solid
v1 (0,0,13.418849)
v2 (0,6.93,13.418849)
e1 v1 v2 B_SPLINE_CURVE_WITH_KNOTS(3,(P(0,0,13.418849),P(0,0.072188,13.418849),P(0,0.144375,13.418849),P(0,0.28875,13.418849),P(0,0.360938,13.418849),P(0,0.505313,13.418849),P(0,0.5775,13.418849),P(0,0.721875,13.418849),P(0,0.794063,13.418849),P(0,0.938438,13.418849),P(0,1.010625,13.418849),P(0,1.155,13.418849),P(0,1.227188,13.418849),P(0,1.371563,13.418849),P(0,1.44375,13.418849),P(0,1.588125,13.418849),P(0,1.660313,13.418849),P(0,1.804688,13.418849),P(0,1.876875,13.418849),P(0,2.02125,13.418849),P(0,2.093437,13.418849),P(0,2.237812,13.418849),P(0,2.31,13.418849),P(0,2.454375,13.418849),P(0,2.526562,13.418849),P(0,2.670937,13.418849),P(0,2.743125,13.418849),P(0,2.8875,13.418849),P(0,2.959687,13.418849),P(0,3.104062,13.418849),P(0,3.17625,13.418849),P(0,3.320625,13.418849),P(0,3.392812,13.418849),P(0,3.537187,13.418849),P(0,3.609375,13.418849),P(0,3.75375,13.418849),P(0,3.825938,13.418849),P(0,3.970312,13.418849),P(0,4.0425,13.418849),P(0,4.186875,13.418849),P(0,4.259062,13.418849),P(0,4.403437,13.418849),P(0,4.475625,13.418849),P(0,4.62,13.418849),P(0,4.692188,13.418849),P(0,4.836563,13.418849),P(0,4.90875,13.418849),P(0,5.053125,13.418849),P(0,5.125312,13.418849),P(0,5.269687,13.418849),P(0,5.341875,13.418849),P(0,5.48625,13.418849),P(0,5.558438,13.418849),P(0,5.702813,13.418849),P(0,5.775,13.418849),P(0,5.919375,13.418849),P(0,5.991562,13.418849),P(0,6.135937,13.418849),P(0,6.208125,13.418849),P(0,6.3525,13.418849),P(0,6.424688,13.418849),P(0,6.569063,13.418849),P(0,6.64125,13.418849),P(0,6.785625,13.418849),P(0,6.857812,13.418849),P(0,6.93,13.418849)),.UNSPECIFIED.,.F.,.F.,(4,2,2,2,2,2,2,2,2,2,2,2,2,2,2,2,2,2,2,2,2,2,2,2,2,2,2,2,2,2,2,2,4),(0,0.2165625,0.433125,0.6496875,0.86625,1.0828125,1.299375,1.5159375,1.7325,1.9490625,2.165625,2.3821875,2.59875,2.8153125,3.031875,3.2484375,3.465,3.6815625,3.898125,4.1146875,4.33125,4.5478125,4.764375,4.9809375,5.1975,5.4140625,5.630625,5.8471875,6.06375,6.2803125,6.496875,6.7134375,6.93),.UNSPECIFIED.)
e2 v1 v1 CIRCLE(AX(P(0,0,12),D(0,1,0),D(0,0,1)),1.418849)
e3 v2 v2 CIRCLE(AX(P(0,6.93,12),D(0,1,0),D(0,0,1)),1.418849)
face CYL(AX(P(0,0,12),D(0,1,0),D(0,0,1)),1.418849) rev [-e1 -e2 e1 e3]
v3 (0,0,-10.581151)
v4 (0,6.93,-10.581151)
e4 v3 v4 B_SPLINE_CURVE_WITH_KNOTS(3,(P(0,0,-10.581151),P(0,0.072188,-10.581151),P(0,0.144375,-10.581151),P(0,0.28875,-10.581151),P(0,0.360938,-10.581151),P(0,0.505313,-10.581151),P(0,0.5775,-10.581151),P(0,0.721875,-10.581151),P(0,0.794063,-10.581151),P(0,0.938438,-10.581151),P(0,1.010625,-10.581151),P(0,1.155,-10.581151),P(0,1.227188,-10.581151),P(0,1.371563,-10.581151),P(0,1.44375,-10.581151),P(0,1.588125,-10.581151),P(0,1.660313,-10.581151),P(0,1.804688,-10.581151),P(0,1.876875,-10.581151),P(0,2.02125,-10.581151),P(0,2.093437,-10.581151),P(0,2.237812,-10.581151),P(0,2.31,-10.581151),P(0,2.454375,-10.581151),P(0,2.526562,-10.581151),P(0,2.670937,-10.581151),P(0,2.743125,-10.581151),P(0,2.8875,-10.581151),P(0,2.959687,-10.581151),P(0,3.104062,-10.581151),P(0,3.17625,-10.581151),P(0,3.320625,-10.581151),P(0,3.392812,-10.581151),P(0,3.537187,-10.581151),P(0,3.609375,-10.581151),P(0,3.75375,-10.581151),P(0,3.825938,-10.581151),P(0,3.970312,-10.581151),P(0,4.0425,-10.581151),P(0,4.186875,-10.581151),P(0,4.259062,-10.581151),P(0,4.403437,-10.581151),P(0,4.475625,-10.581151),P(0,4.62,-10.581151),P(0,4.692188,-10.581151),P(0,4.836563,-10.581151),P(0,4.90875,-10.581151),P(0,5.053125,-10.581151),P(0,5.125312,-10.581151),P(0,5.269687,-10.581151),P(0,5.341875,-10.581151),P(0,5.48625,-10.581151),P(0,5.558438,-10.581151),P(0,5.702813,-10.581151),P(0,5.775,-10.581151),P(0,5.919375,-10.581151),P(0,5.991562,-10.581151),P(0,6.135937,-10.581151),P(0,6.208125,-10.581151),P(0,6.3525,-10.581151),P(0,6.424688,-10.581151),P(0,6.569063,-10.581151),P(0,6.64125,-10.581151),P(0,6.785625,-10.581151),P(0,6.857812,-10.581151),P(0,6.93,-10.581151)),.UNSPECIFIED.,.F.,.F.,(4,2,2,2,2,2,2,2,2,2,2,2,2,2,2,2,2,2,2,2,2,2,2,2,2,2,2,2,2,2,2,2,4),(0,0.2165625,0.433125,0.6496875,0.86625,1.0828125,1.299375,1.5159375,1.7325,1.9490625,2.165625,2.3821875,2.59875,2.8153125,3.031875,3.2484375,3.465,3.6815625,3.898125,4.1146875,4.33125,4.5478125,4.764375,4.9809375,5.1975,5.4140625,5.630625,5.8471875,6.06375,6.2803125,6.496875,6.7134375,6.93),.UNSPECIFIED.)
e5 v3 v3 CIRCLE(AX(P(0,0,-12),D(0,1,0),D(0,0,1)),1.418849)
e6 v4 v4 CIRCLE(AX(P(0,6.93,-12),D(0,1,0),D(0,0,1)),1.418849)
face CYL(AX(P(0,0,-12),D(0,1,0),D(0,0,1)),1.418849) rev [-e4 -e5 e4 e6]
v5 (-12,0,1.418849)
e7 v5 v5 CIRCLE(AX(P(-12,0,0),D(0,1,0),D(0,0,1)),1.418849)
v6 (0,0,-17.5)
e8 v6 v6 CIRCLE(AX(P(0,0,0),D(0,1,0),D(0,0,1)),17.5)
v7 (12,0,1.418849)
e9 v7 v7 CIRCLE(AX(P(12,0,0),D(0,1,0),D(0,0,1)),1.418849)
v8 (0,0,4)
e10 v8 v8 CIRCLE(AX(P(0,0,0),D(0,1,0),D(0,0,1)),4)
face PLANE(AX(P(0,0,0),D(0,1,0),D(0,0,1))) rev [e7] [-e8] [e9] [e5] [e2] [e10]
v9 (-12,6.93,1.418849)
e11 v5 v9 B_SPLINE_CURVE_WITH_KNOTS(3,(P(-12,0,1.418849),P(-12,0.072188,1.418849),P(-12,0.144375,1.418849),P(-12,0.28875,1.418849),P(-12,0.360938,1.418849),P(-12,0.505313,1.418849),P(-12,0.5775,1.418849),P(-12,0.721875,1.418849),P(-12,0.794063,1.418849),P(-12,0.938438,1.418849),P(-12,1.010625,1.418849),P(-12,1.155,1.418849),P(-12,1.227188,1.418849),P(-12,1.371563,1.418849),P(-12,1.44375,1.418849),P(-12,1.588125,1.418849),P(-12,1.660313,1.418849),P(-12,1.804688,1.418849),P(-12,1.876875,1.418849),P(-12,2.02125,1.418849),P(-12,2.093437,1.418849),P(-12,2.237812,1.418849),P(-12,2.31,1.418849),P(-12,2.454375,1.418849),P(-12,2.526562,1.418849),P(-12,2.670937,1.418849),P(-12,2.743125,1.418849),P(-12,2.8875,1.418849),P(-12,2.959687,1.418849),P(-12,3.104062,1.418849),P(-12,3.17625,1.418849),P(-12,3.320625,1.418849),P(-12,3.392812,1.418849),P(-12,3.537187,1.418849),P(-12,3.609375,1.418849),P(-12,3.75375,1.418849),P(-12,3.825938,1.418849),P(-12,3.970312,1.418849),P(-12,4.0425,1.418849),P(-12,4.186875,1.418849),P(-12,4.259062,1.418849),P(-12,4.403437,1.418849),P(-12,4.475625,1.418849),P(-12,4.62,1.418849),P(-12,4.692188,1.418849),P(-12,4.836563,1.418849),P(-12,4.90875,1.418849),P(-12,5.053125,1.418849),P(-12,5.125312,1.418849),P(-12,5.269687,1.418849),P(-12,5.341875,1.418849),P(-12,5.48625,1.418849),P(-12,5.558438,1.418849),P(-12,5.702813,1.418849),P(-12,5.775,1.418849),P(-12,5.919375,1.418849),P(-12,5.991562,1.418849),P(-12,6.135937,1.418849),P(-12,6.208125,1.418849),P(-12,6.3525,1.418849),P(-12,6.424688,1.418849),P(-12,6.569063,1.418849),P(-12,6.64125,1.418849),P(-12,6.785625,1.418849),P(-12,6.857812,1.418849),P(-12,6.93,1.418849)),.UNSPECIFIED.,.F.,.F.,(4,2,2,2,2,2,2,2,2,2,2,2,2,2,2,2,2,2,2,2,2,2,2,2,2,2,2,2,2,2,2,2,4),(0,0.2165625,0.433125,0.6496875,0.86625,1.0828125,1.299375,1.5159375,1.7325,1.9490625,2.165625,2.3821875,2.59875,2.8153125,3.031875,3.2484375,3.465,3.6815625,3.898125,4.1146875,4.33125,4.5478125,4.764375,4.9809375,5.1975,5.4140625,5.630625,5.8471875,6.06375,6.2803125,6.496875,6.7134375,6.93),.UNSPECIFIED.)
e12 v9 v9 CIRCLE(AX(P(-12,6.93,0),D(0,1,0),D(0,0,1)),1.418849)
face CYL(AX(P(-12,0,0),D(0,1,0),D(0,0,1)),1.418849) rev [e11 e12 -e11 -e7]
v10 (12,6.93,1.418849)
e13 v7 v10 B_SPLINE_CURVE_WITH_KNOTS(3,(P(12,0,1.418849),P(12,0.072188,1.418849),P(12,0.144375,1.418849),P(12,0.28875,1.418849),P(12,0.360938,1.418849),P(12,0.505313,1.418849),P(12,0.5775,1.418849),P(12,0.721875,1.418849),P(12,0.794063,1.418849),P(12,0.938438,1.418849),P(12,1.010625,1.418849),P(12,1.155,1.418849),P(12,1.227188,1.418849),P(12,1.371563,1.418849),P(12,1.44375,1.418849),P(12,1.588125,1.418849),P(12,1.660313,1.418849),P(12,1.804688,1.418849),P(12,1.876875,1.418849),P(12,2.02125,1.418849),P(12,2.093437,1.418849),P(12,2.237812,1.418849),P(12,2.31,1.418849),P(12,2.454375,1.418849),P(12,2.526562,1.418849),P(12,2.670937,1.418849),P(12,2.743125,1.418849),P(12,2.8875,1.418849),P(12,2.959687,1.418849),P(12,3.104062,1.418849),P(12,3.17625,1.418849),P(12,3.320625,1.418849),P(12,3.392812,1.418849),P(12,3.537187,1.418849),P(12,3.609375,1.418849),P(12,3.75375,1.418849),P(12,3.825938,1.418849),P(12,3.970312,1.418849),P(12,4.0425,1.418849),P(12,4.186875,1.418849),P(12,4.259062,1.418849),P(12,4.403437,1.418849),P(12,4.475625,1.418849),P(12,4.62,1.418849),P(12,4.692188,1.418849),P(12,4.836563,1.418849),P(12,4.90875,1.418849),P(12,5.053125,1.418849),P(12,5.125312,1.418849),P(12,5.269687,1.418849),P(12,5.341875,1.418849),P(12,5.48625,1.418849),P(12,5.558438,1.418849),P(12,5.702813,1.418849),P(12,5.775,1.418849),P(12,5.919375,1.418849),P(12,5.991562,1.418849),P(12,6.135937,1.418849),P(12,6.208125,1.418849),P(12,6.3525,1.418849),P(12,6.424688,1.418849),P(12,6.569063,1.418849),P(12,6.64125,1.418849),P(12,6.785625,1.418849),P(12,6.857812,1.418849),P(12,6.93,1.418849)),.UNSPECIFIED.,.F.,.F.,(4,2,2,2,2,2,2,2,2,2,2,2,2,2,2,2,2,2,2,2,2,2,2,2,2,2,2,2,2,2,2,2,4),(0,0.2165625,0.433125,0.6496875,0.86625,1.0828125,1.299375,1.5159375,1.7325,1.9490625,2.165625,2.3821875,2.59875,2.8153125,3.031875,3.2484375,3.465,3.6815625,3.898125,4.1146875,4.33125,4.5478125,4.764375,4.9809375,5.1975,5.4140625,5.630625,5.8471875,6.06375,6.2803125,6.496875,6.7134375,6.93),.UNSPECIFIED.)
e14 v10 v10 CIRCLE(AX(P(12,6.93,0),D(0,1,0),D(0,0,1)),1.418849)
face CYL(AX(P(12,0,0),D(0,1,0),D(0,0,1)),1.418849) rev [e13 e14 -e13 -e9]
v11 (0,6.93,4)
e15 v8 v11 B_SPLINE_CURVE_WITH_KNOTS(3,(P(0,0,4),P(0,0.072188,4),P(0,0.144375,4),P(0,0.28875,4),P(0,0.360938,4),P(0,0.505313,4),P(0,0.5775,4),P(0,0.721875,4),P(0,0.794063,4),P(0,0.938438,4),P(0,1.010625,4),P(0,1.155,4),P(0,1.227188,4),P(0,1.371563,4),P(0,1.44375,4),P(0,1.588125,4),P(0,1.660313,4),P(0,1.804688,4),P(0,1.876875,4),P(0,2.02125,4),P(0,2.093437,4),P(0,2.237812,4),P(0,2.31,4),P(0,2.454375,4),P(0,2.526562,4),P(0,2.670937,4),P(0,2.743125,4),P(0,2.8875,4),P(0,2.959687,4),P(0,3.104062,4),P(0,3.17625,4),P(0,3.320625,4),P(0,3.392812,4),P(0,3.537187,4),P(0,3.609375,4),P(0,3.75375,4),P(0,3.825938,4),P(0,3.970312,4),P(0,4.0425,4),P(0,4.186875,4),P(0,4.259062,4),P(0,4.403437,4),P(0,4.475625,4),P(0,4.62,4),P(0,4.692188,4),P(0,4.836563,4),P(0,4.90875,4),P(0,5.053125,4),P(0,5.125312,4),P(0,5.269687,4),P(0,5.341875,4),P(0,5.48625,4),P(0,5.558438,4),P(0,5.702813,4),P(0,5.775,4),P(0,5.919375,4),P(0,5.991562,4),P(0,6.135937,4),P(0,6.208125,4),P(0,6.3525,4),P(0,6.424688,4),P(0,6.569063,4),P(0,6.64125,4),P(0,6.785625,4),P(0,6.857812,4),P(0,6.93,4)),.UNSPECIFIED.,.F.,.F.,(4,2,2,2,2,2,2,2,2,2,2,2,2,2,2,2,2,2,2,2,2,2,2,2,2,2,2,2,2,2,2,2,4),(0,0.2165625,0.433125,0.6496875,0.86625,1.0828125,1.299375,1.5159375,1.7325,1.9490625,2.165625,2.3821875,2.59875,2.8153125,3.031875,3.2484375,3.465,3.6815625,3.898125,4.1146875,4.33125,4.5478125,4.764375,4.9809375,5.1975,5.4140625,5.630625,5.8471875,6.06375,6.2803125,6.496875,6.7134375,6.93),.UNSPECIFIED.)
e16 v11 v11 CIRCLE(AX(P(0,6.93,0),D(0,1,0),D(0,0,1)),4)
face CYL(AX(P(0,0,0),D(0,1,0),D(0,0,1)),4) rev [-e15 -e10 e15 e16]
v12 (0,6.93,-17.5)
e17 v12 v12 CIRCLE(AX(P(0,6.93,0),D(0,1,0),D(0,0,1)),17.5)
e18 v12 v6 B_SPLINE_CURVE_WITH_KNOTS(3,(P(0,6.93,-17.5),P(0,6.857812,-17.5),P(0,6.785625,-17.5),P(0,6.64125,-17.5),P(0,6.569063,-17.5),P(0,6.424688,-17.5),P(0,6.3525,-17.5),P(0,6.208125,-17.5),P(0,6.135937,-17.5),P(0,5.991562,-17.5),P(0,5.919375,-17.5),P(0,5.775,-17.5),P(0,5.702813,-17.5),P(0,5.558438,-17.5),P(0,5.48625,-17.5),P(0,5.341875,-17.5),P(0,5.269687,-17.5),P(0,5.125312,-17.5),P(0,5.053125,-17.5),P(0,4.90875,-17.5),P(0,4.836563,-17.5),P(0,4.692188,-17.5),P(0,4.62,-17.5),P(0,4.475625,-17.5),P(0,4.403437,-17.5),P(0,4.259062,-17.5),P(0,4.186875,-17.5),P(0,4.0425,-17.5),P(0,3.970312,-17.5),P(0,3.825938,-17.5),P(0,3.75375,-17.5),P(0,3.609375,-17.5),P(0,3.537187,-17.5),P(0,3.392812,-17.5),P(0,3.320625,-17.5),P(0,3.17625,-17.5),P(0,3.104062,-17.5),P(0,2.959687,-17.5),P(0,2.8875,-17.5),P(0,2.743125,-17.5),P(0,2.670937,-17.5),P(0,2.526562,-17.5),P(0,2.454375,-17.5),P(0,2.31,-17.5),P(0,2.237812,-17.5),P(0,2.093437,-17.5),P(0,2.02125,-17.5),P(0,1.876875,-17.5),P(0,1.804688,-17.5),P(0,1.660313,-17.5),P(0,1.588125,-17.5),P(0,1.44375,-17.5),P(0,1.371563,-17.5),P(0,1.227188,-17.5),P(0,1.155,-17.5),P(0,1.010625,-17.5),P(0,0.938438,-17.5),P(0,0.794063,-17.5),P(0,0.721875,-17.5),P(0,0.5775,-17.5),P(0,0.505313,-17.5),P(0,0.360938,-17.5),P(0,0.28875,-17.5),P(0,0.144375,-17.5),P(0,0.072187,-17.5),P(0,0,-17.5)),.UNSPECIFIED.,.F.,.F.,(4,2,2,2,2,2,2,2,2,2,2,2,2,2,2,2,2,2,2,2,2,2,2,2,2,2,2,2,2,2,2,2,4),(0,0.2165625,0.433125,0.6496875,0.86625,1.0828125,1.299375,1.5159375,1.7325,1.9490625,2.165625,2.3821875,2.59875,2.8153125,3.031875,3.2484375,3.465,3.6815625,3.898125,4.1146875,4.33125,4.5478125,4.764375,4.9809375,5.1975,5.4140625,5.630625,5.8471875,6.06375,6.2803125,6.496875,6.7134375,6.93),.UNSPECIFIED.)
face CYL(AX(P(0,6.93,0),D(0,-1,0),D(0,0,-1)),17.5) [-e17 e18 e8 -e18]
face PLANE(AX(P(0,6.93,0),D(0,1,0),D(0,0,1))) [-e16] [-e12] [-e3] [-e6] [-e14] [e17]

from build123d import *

# Parameters (mm, degrees)
SKETCH1_R           = 17.5
BOSS_EXTRUDE1_DEPTH = 6.93
SKETCH2_R           = 1.418848664
CUT_EXTRUDE1_DEPTH  = 26.700678979
SKETCH3_R           = 4
CUT_EXTRUDE2_DEPTH  = 6.93


with BuildPart() as part:
    # Sketch1 → Boss-Extrude1 (new body)
    with BuildSketch(Plane(origin=(0, 0, 0), x_dir=(1, 0, 0), z_dir=(0, 1, 0))):
        with Locations(Location((0, 0, 0), (0, 0, 90))):
            Circle(SKETCH1_R)
    extrude(amount=BOSS_EXTRUDE1_DEPTH)

    # Sketch2 → Cut-Extrude1 (cut, through all)
    with BuildSketch(Plane(origin=(0, 6.93, 0), x_dir=(1, 0, 0), z_dir=(0, 1, 0))):
        with Locations(Location((0, 12, 0), (0, 0, 270))):
            Circle(SKETCH2_R)
        with Locations(Location((12, 0, 0), (0, 0, 270))):
            Circle(SKETCH2_R)
        with Locations(Location((0, -12, 0), (0, 0, 270))):
            Circle(SKETCH2_R)
        with Locations(Location((-12, 0, 0), (0, 0, 270))):
            Circle(SKETCH2_R)
    extrude(amount=-CUT_EXTRUDE1_DEPTH, mode=Mode.SUBTRACT)

    # Sketch3 → Cut-Extrude2 (cut)
    with BuildSketch(Plane(origin=(0, 6.93, 0), x_dir=(1, 0, 0), z_dir=(0, 1, 0))):
        with Locations(Location((0, 0, 0), (0, 0, 270))):
            Circle(SKETCH3_R)
    extrude(amount=-CUT_EXTRUDE2_DEPTH, mode=Mode.SUBTRACT)


solid = part.part
